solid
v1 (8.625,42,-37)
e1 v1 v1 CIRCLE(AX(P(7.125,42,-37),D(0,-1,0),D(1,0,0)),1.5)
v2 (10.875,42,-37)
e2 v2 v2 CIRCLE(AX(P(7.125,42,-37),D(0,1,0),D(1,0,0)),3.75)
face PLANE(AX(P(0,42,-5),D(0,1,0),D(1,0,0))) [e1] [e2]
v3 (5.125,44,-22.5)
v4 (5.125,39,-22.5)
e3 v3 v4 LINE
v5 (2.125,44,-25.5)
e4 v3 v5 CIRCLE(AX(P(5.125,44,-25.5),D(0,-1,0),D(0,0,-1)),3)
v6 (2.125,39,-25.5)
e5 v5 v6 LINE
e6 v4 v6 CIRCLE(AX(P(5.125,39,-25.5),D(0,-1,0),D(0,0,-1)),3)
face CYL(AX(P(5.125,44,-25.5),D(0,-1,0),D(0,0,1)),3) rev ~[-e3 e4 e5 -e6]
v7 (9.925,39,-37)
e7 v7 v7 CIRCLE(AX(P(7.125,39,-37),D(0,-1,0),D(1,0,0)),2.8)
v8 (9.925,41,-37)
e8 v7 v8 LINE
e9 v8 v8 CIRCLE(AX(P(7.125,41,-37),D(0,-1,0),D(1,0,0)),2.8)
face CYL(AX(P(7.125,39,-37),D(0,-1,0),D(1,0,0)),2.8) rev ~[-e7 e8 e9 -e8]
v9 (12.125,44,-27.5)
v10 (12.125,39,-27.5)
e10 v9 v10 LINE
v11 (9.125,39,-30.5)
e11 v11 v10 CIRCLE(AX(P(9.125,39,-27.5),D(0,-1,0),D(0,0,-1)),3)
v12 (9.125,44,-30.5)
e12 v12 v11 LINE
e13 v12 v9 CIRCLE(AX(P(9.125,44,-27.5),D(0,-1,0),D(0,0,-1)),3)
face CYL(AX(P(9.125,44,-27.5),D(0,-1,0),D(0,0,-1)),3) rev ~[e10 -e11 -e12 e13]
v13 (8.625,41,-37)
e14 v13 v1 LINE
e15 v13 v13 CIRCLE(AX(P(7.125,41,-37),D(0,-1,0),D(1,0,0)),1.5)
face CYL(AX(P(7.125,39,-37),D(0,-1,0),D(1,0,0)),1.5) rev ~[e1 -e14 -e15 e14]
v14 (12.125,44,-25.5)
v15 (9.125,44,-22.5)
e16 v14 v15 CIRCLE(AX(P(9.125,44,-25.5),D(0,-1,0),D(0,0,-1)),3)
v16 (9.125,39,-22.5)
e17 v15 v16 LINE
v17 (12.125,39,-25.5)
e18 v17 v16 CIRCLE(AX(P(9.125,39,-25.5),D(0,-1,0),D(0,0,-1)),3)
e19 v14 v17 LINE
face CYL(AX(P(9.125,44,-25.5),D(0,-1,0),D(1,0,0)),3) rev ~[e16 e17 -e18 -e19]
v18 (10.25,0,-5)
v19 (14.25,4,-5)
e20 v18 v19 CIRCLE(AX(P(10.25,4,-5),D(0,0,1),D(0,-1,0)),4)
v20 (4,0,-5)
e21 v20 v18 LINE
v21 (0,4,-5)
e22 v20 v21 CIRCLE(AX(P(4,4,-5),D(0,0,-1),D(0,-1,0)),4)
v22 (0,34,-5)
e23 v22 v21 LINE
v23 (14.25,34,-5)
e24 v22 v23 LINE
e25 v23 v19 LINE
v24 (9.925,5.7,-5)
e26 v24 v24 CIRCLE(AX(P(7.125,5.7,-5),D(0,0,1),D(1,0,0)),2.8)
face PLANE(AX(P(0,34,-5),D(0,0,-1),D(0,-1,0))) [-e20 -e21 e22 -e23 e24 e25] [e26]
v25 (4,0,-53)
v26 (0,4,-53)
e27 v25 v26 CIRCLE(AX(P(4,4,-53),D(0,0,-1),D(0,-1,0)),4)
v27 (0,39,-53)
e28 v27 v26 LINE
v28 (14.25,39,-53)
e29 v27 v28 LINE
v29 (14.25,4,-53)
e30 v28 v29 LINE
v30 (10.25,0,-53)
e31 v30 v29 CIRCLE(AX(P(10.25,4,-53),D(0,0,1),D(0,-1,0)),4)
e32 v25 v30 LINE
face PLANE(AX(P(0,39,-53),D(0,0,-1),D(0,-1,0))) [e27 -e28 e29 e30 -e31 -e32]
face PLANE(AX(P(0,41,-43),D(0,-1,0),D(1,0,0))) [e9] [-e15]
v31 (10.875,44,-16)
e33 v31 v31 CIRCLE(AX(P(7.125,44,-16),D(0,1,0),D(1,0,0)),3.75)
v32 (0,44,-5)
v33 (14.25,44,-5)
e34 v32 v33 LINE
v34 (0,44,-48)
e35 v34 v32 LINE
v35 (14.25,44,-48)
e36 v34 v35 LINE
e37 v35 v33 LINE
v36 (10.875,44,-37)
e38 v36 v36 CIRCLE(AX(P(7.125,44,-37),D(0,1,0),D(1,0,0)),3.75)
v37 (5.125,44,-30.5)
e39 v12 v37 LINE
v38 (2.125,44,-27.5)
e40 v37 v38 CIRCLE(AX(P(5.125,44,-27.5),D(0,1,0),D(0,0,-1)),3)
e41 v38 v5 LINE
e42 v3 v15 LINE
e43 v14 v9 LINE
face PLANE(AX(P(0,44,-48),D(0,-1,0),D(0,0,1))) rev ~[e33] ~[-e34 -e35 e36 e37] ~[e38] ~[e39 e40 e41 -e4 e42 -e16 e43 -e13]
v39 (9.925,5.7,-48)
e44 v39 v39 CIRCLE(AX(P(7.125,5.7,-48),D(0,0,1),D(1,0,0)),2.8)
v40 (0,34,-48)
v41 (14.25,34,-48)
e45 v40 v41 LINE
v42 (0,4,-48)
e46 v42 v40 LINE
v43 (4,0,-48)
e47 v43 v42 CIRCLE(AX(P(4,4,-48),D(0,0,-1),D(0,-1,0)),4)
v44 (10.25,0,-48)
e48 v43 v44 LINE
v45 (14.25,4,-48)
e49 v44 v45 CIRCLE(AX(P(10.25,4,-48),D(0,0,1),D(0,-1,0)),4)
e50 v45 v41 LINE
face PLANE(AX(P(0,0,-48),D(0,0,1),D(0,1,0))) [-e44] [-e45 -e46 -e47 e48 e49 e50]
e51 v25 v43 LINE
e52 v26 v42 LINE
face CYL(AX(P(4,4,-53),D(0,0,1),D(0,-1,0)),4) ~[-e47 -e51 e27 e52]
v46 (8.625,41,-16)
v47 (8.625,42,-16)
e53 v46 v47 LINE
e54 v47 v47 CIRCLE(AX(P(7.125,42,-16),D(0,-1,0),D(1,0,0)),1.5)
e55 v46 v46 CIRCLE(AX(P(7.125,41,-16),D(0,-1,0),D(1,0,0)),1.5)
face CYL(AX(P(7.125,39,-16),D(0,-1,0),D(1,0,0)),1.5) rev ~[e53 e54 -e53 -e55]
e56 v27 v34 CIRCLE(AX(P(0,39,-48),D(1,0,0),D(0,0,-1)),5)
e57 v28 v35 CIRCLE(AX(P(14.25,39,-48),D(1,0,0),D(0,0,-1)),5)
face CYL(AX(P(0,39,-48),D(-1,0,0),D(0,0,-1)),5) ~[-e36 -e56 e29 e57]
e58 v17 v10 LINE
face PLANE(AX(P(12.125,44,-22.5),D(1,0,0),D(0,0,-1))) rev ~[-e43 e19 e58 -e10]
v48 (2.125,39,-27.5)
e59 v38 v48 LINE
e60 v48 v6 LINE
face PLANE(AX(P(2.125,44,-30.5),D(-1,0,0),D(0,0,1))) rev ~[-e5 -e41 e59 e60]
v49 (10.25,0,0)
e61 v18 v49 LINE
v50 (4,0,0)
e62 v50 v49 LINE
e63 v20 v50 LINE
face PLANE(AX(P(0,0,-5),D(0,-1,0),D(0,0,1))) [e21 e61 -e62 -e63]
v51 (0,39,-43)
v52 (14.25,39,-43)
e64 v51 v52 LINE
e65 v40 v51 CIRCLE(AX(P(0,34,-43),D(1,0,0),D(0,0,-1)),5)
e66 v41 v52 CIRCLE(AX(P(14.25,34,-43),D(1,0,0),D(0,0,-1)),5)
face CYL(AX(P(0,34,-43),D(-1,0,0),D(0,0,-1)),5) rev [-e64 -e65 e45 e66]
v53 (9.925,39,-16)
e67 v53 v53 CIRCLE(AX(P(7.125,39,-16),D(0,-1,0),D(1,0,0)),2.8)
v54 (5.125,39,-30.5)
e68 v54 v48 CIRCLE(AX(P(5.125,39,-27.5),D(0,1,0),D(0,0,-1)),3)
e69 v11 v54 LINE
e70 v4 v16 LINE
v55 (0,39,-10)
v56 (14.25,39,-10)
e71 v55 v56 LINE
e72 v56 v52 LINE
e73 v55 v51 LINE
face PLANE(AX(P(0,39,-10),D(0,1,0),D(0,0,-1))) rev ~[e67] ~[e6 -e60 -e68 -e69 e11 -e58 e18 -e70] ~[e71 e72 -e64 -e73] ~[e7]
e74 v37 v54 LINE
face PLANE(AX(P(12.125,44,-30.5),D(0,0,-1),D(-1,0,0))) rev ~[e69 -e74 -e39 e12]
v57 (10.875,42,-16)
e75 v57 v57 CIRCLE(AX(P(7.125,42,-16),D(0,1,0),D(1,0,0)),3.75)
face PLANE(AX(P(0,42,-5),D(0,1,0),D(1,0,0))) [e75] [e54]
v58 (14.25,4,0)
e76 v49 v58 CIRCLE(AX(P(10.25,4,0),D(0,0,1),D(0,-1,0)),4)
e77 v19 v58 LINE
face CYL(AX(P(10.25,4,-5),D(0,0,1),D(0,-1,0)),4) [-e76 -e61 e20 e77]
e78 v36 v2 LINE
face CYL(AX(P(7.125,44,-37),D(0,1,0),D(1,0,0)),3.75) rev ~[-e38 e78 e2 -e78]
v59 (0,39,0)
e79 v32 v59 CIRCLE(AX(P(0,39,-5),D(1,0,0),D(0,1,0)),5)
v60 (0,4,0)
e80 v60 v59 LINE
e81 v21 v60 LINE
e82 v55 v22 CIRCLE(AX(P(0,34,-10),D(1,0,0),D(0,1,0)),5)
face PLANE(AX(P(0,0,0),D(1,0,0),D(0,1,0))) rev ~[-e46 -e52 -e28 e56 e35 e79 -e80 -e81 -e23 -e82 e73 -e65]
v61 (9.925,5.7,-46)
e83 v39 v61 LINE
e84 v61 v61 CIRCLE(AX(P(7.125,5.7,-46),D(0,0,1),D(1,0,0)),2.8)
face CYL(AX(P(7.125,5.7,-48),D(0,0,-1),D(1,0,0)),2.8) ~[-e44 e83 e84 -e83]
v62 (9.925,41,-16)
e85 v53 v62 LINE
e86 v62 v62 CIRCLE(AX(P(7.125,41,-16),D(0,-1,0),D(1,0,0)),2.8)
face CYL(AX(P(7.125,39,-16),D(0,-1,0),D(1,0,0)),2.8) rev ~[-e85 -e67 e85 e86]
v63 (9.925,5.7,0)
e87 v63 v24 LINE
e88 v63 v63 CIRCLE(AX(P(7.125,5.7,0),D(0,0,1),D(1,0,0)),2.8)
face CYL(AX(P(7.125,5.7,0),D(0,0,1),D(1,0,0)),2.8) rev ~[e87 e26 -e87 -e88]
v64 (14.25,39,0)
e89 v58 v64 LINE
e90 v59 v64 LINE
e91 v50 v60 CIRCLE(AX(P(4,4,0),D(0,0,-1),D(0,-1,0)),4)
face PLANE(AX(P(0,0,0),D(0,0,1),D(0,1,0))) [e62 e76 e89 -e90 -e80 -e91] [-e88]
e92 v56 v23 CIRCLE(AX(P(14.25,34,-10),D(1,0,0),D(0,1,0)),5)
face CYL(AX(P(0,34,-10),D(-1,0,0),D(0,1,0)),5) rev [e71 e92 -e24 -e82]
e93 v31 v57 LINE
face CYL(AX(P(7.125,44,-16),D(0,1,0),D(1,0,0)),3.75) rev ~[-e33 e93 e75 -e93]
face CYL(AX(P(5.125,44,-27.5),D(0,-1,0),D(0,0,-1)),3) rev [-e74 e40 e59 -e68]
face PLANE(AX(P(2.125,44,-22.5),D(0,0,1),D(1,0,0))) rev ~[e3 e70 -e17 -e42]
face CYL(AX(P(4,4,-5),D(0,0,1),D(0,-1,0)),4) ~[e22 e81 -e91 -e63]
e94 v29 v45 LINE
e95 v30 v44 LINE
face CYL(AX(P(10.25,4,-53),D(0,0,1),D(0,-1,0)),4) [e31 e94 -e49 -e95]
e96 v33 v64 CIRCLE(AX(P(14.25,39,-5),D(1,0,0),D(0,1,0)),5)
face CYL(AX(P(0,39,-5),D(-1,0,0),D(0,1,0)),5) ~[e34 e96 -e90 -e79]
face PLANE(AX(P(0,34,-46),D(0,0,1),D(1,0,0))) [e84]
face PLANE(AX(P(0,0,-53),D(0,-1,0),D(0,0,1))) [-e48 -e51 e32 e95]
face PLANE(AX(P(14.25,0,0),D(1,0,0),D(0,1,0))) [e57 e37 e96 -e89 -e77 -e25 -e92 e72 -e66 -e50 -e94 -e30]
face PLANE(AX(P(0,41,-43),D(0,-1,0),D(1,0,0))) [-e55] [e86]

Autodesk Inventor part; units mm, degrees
ref_plane "YZ Plane" through (0, 0, 0) normal (1, 0, 0) x (0, 1, 0)
ref_plane "XZ Plane" through (0, 0, 0) normal (0, 1, 0) x (-1, 0, 0)
ref_plane "XY Plane" through (0, 0, 0) normal (0, 0, 1) x (1, 0, 0)
sketch "Sketch2" plane through (0, 0, 0) normal (1, 0, 0) x (0, 1, 0)
  line L0 (0, 0) -> (39, 0)
  line L1 (44, -5) -> (44, -5)
  line L2 (34, -5) -> (0, -5)
  line L3 (0, -5) -> (0, 0)
  line L4 (39, -10) -> (39, -43)
  line L5 (44, -48) -> (44, -5)
  line L6 (0, -53) -> (0, -48)
  line L7 (39, -53) -> (0, -53)
  line L8 (0, -53) -> (0, -48)
  line L9 (0, -48) -> (34, -48)
  arc A0 (44, -5) -> (39, 0) centre (39, -5) ccw
  arc A1 (34, -48) -> (39, -43) centre (34, -43) ccw
  arc A2 (39, -10) -> (34, -5) centre (34, -10) ccw
  arc A3 (39, -53) -> (44, -48) centre (39, -48) ccw
  point P0 (44, 0)
  point P1 (0, -2.5)
  point P2 (0, -53)
  dimension "d12" = 44
  dimension "d14" = 5
  dimension "d17" = 5
  dimension "d18" = 39
  dimension "d19" = 5
  dimension "d42" = 43
extrude "Extrusion2" add sketch "Sketch2" along normal blind 14.25
fillet "Fillet1" radius 4 4 edges at (14.25, 0, -2.5) (0, 0, -2.5) (14.25, 0, -50.5) (0, 0, -50.5)
sketch "Sketch3" plane through (0, 39, 0) normal (0, 0, 1) x (1, 0, 0)
  circle A0 centre (7.125, -33.3) radius 2.8
  line L0 (0, 0) -> (0, -35) projected
  line L1 (4, -39) -> (10.25, -39) projected
  point P0 (0, -39)
  point P1 (7.125, -39)
  dimension "d23" = 5.6
  dimension "d24" = 7.125
  dimension "d25" = 5.7
extrude "Extrusion3" cut sketch "Sketch3" against normal blind 11.4
sketch "Sketch7" plane through (0, 39, -43) normal (0, -1, 0) x (1, 0, 0)
  circle A0 centre (7.125, 27) radius 1.5
  circle A1 centre (7.125, 6) radius 1.5
  line L0 (0, 33) -> (0, 0) projected
  line L1 (14.25, 33) -> (14.25, 0) projected
  line L2 (0, 33) -> (14.25, 33) projected
  line L3 (0, 0) -> (14.25, 0) projected
  circle A2 centre (7.125, 27) radius 2.8
  circle A3 centre (7.125, 6) radius 2.8
  point P0 (0, 43)
  dimension "d30" = 3
  dimension "d31" = 3
  dimension "d32" = 7.125
  dimension "d33" = 7.125
  dimension "d34" = 6
  dimension "d35" = 6
  dimension "d36" = 5.6
  dimension "d37" = 5.6
extrude "Extrusion5" cut sketch "Sketch7" against normal blind 8 contours A0 | A1
extrude "Extrusion6" cut sketch "Sketch7" against normal blind 2 contours A2 | A3
sketch "Sketch8" plane through (0, 34, -48) normal (0, 0, 1) x (1, 0, 0)
  circle A0 centre (7.125, -28.3) radius 2.8 projected
  circle A1 centre (7.125, -28.3) radius 2.8
  point P0 (0, -34)
extrude "Extrusion7" add sketch "Sketch8" along normal blind 2
sketch "Sketch9" plane through (0, 44, -5) normal (0, 1, 0) x (1, 0, 0)
  circle A0 centre (7.125, 11) radius 1.5 projected
  circle A1 centre (7.125, 11) radius 3.75
  line L0 (0, 43) -> (0, 0) projected
  line L1 (0, 21.5) -> (1.5875, 21.5)
  circle A2 centre (7.125, 32) radius 3.75
  point P0 (0, -5)
  dimension "d46" = 7.5
extrude "Extrusion8" cut sketch "Sketch9" against normal blind 2 contours A0 | A1 | A2
sketch "Sketch10" plane through (0, 44, -5) normal (0, 1, 0) x (1, 0, 0)
  line L0 (2.125, 17.5) -> (12.125, 17.5)
  line L1 (12.125, 17.5) -> (12.125, 25.5)
  line L2 (12.125, 25.5) -> (2.125, 25.5)
  line L3 (2.125, 25.5) -> (2.125, 17.5)
  line L4 (0, 43) -> (0, 0) projected
  line L5 (14.25, 43) -> (14.25, 0) projected
  line L6 (0, 0) -> (14.25, 0) projected
  point P0 (0, -5)
  point P1 (0, 21.5)
  point P2 (14.25, 21.5)
  dimension "d49" = 10
  dimension "d50" = 8
  dimension "d51" = 2.125
  dimension "d52" = 2.125
  dimension "d53" = 17.5
extrude "Extrusion9" cut sketch "Sketch10" against normal blind 50
fillet "Fillet2" radius 3 4 edges at (2.125, 41.5, -22.5) (2.125, 41.5, -30.5) (12.125, 41.5, -22.5) (12.125, 41.5, -30.5)
properties part number "ruka_part spodni"
